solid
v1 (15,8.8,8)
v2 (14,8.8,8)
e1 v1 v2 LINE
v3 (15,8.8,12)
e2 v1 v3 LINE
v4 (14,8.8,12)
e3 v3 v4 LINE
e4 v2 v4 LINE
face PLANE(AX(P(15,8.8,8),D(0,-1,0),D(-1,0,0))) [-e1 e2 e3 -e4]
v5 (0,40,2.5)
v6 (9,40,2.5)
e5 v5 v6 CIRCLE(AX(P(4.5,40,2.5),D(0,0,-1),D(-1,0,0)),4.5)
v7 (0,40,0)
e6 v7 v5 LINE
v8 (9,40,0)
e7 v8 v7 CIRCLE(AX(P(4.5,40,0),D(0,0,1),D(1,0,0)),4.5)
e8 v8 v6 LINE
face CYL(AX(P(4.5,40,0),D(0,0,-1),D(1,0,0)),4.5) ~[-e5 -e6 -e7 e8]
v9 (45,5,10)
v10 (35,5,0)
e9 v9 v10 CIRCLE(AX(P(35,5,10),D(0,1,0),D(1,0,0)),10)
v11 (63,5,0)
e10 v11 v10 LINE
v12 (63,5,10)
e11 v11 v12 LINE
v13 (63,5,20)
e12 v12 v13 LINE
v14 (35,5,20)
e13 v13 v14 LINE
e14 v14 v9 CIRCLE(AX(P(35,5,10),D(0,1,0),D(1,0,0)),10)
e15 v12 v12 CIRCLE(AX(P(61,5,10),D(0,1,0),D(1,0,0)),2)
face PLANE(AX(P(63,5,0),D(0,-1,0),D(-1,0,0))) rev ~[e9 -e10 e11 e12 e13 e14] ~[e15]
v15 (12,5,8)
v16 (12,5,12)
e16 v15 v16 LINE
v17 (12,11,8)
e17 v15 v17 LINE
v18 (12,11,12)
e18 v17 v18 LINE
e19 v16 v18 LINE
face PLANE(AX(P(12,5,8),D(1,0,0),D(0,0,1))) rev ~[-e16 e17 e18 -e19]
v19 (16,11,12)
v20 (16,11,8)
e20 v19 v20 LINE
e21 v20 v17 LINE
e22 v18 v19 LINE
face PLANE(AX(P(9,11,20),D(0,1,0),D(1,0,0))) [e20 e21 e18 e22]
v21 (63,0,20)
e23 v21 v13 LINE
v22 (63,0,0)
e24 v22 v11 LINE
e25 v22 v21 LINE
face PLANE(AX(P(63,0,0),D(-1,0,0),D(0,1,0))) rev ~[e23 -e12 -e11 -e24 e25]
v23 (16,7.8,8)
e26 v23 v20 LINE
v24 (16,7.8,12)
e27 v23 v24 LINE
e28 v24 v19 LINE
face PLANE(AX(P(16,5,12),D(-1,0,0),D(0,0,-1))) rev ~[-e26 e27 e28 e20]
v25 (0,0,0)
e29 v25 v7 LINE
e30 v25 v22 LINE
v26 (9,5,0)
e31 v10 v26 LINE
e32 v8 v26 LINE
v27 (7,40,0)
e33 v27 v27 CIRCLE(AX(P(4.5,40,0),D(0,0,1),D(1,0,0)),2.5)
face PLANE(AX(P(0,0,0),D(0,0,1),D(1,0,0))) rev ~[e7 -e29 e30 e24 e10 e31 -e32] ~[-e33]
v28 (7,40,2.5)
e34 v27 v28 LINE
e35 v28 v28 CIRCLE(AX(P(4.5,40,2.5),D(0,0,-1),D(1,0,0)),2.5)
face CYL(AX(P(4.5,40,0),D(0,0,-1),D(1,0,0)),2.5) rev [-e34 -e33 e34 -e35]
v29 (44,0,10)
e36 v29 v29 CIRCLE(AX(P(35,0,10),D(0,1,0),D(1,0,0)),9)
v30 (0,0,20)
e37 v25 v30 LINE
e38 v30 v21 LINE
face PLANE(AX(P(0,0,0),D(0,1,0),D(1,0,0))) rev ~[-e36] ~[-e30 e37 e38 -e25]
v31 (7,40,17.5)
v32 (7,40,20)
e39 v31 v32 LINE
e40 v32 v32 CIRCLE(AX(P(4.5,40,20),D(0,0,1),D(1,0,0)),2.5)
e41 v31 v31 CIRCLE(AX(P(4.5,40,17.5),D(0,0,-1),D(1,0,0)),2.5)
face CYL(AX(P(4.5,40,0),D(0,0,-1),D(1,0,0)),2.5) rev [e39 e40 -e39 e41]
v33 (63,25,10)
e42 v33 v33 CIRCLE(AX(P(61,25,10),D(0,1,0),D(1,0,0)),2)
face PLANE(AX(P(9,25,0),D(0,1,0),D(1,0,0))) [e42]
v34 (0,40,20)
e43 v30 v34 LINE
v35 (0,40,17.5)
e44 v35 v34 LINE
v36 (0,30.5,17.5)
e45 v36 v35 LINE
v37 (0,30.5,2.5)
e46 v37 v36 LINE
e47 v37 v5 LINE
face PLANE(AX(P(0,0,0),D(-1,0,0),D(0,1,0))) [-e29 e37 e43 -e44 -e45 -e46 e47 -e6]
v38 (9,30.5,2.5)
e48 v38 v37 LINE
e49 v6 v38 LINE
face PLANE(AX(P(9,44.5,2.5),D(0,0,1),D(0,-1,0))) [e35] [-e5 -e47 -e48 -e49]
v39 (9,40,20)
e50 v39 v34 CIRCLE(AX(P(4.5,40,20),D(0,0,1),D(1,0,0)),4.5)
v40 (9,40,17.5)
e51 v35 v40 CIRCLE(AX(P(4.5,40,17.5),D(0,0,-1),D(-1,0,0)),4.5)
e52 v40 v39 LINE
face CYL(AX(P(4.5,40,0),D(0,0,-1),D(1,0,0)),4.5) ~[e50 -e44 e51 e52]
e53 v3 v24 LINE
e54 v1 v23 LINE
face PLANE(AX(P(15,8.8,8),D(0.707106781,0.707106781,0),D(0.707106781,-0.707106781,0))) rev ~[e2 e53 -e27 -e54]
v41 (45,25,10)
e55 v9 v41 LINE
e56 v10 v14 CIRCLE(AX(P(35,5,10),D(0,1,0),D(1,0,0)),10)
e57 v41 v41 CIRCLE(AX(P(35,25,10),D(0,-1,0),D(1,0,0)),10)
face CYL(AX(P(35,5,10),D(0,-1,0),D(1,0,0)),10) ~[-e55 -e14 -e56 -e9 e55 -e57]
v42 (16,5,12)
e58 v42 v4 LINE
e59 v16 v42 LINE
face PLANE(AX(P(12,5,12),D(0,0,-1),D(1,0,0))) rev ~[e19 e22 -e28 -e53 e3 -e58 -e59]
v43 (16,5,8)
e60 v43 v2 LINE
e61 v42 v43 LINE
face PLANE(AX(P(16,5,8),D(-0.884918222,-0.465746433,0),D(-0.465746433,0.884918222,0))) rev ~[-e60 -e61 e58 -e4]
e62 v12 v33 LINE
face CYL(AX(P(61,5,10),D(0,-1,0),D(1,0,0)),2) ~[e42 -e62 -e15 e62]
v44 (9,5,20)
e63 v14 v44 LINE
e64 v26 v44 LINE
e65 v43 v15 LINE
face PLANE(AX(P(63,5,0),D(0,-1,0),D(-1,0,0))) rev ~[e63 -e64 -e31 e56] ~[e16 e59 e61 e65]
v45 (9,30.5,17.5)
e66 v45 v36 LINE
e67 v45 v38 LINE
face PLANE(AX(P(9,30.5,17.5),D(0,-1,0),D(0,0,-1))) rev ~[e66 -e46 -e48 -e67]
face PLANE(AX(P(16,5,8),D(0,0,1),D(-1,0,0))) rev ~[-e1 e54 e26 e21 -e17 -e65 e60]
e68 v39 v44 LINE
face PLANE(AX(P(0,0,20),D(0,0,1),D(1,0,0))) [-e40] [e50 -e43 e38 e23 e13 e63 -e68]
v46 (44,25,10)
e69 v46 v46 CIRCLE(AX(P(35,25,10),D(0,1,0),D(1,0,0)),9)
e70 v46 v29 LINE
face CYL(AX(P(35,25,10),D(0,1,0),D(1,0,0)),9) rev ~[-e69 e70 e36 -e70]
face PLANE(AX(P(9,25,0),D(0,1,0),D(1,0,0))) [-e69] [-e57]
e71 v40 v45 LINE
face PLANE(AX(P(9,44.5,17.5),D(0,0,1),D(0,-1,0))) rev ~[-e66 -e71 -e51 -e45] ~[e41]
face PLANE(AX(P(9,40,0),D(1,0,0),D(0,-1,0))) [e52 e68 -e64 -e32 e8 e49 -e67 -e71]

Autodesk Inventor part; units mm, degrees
ref_plane "YZ Plane" through (0, 0, 0) normal (1, 0, 0) x (0, 1, 0)
ref_plane "XZ Plane" through (0, 0, 0) normal (0, 1, 0) x (-1, 0, 0)
ref_plane "XY Plane" through (0, 0, 0) normal (0, 0, 1) x (1, 0, 0)
sketch "Sketch1" plane through (0, 0, 0) normal (0, 0, 1) x (1, 0, 0)
  line L0 (0, 0) -> (0, 40)
  line L1 (0, 0) -> (63, 0)
  line L2 (63, 0) -> (63, 5)
  line L3 (63, 5) -> (9, 5)
  arc A0 (9, 40) -> (0, 40) centre (4.5, 40) ccw
  line L4 (9, 40) -> (9, 5)
  circle A1 centre (4.5, 40) radius 2.5
  dimension "d0" = 40
  dimension "d2" = 5
  dimension "d6" = 4.5
  dimension "d7" = 5
  dimension "d8" = 9
  dimension "d9" = 54
  dimension "d47" = 32.5
extrude "Extrusion1" add sketch "Sketch1" along normal blind 20
sketch "Sketch2" plane through (9, 5, 0) normal (0, 1, 0) x (1, 0, 0)
  line L0 (0, 0) -> (0, -20) projected
  circle A0 centre (26, -10) radius 10
  line L1 (0, 0) -> (54, 0) projected
  circle A1 centre (52, -10) radius 2
  line L2 (54, 0) -> (54, -20) projected
  point P0 (-9, 0)
  dimension "d14" = 20
  dimension "d16" = 26
  dimension "d20" = 4
  dimension "d21" = 10
  dimension "d22" = 14
sketch "Sketch6" plane through (9, 5, 0) normal (1, 0, 0) x (0, 0, -1)
  point P0 (0, -5)
sketch "Sketch7" plane through (9, 5, 0) normal (1, 0, 0) x (0, 0, -1)
  line L0 (-10, 41.0364) -> (-10, 39.6436)
  line L1 (0, 39.5) -> (-20, 39.5) projected
  line L2 (-2.5, 39.5) -> (-2.5, 25.5)
  line L3 (-17.5, 39.5) -> (-17.5, 25.5)
  line L4 (-17.5, 39.5) -> (-2.5, 39.5)
  line L5 (0, 32.5) -> (-20, 32.5) projected
  line L6 (-17.5, 25.5) -> (-2.5, 25.5)
  point P0 (0, -5)
  dimension "d40" = 14
  dimension "d41" = 14
  dimension "d42" = 15
extrude "Extrusion5" cut sketch "Sketch7" against normal blind 14
sketch "Sketch8" plane through (0, 0, 0) normal (0, 0, -1) x (-1, 0, 0)
  point P0 (0, 0)
extrude "Extrusion6" add sketch "Sketch2" along normal blind 20
sketch "Sketch9" plane through (35, 25, 10) normal (0, 1, 0) x (1, 0, 0)
  circle A0 centre (0, 0) radius 9
  point P0 (-35, 10)
  dimension "d50" = 18
extrude "Extrusion7" cut sketch "Sketch9" against normal blind 25
sketch "Sketch10" plane through (9, 5, 20) normal (0, 1, 0) x (1, 0, 0)
  line L0 (3, 8) -> (7, 8)
  line L1 (7, 8) -> (7, 12)
  line L2 (7, 12) -> (3, 12)
  line L3 (3, 12) -> (3, 8)
  line L4 (26, 0) -> (0, 0) projected
  line L5 (0, 2.5) -> (0, 17.5) projected
  point P0 (-9, 20)
  dimension "d53" = 4
  dimension "d54" = 4
  dimension "d55" = 8
  dimension "d56" = 3
extrude "Extrusion8" add sketch "Sketch10" along normal blind 6
sketch "Sketch11" plane through (16, 5, 8) normal (0, 0, -1) x (-1, 0, 0)
  line L0 (1, 3.8) -> (2, 3.8)
  line L1 (1, 3.8) -> (0, 2.8)
  line L2 (4, 0) -> (4, 6) projected
  line L3 (7, 0) -> (-19, 0) projected
  line L4 (0, 0) -> (4, 0) projected
  line L5 (0, 2.8) -> (0, 0)
  line L6 (0, 0) -> (2, 3.8)
  point P0 (16, -5)
  dimension "d59" = 2
  dimension "d60" = 1
  dimension "d61" = 3.8
  dimension "d62" = 2.8
extrude "Extrusion9" cut sketch "Sketch11" against normal blind 4
equation "\"d21\" = d19"
equation "\"d40\" = d41"
equation "\"d19\" = 0.5 * d14"
properties part number "ValveBaseMk2.2"
